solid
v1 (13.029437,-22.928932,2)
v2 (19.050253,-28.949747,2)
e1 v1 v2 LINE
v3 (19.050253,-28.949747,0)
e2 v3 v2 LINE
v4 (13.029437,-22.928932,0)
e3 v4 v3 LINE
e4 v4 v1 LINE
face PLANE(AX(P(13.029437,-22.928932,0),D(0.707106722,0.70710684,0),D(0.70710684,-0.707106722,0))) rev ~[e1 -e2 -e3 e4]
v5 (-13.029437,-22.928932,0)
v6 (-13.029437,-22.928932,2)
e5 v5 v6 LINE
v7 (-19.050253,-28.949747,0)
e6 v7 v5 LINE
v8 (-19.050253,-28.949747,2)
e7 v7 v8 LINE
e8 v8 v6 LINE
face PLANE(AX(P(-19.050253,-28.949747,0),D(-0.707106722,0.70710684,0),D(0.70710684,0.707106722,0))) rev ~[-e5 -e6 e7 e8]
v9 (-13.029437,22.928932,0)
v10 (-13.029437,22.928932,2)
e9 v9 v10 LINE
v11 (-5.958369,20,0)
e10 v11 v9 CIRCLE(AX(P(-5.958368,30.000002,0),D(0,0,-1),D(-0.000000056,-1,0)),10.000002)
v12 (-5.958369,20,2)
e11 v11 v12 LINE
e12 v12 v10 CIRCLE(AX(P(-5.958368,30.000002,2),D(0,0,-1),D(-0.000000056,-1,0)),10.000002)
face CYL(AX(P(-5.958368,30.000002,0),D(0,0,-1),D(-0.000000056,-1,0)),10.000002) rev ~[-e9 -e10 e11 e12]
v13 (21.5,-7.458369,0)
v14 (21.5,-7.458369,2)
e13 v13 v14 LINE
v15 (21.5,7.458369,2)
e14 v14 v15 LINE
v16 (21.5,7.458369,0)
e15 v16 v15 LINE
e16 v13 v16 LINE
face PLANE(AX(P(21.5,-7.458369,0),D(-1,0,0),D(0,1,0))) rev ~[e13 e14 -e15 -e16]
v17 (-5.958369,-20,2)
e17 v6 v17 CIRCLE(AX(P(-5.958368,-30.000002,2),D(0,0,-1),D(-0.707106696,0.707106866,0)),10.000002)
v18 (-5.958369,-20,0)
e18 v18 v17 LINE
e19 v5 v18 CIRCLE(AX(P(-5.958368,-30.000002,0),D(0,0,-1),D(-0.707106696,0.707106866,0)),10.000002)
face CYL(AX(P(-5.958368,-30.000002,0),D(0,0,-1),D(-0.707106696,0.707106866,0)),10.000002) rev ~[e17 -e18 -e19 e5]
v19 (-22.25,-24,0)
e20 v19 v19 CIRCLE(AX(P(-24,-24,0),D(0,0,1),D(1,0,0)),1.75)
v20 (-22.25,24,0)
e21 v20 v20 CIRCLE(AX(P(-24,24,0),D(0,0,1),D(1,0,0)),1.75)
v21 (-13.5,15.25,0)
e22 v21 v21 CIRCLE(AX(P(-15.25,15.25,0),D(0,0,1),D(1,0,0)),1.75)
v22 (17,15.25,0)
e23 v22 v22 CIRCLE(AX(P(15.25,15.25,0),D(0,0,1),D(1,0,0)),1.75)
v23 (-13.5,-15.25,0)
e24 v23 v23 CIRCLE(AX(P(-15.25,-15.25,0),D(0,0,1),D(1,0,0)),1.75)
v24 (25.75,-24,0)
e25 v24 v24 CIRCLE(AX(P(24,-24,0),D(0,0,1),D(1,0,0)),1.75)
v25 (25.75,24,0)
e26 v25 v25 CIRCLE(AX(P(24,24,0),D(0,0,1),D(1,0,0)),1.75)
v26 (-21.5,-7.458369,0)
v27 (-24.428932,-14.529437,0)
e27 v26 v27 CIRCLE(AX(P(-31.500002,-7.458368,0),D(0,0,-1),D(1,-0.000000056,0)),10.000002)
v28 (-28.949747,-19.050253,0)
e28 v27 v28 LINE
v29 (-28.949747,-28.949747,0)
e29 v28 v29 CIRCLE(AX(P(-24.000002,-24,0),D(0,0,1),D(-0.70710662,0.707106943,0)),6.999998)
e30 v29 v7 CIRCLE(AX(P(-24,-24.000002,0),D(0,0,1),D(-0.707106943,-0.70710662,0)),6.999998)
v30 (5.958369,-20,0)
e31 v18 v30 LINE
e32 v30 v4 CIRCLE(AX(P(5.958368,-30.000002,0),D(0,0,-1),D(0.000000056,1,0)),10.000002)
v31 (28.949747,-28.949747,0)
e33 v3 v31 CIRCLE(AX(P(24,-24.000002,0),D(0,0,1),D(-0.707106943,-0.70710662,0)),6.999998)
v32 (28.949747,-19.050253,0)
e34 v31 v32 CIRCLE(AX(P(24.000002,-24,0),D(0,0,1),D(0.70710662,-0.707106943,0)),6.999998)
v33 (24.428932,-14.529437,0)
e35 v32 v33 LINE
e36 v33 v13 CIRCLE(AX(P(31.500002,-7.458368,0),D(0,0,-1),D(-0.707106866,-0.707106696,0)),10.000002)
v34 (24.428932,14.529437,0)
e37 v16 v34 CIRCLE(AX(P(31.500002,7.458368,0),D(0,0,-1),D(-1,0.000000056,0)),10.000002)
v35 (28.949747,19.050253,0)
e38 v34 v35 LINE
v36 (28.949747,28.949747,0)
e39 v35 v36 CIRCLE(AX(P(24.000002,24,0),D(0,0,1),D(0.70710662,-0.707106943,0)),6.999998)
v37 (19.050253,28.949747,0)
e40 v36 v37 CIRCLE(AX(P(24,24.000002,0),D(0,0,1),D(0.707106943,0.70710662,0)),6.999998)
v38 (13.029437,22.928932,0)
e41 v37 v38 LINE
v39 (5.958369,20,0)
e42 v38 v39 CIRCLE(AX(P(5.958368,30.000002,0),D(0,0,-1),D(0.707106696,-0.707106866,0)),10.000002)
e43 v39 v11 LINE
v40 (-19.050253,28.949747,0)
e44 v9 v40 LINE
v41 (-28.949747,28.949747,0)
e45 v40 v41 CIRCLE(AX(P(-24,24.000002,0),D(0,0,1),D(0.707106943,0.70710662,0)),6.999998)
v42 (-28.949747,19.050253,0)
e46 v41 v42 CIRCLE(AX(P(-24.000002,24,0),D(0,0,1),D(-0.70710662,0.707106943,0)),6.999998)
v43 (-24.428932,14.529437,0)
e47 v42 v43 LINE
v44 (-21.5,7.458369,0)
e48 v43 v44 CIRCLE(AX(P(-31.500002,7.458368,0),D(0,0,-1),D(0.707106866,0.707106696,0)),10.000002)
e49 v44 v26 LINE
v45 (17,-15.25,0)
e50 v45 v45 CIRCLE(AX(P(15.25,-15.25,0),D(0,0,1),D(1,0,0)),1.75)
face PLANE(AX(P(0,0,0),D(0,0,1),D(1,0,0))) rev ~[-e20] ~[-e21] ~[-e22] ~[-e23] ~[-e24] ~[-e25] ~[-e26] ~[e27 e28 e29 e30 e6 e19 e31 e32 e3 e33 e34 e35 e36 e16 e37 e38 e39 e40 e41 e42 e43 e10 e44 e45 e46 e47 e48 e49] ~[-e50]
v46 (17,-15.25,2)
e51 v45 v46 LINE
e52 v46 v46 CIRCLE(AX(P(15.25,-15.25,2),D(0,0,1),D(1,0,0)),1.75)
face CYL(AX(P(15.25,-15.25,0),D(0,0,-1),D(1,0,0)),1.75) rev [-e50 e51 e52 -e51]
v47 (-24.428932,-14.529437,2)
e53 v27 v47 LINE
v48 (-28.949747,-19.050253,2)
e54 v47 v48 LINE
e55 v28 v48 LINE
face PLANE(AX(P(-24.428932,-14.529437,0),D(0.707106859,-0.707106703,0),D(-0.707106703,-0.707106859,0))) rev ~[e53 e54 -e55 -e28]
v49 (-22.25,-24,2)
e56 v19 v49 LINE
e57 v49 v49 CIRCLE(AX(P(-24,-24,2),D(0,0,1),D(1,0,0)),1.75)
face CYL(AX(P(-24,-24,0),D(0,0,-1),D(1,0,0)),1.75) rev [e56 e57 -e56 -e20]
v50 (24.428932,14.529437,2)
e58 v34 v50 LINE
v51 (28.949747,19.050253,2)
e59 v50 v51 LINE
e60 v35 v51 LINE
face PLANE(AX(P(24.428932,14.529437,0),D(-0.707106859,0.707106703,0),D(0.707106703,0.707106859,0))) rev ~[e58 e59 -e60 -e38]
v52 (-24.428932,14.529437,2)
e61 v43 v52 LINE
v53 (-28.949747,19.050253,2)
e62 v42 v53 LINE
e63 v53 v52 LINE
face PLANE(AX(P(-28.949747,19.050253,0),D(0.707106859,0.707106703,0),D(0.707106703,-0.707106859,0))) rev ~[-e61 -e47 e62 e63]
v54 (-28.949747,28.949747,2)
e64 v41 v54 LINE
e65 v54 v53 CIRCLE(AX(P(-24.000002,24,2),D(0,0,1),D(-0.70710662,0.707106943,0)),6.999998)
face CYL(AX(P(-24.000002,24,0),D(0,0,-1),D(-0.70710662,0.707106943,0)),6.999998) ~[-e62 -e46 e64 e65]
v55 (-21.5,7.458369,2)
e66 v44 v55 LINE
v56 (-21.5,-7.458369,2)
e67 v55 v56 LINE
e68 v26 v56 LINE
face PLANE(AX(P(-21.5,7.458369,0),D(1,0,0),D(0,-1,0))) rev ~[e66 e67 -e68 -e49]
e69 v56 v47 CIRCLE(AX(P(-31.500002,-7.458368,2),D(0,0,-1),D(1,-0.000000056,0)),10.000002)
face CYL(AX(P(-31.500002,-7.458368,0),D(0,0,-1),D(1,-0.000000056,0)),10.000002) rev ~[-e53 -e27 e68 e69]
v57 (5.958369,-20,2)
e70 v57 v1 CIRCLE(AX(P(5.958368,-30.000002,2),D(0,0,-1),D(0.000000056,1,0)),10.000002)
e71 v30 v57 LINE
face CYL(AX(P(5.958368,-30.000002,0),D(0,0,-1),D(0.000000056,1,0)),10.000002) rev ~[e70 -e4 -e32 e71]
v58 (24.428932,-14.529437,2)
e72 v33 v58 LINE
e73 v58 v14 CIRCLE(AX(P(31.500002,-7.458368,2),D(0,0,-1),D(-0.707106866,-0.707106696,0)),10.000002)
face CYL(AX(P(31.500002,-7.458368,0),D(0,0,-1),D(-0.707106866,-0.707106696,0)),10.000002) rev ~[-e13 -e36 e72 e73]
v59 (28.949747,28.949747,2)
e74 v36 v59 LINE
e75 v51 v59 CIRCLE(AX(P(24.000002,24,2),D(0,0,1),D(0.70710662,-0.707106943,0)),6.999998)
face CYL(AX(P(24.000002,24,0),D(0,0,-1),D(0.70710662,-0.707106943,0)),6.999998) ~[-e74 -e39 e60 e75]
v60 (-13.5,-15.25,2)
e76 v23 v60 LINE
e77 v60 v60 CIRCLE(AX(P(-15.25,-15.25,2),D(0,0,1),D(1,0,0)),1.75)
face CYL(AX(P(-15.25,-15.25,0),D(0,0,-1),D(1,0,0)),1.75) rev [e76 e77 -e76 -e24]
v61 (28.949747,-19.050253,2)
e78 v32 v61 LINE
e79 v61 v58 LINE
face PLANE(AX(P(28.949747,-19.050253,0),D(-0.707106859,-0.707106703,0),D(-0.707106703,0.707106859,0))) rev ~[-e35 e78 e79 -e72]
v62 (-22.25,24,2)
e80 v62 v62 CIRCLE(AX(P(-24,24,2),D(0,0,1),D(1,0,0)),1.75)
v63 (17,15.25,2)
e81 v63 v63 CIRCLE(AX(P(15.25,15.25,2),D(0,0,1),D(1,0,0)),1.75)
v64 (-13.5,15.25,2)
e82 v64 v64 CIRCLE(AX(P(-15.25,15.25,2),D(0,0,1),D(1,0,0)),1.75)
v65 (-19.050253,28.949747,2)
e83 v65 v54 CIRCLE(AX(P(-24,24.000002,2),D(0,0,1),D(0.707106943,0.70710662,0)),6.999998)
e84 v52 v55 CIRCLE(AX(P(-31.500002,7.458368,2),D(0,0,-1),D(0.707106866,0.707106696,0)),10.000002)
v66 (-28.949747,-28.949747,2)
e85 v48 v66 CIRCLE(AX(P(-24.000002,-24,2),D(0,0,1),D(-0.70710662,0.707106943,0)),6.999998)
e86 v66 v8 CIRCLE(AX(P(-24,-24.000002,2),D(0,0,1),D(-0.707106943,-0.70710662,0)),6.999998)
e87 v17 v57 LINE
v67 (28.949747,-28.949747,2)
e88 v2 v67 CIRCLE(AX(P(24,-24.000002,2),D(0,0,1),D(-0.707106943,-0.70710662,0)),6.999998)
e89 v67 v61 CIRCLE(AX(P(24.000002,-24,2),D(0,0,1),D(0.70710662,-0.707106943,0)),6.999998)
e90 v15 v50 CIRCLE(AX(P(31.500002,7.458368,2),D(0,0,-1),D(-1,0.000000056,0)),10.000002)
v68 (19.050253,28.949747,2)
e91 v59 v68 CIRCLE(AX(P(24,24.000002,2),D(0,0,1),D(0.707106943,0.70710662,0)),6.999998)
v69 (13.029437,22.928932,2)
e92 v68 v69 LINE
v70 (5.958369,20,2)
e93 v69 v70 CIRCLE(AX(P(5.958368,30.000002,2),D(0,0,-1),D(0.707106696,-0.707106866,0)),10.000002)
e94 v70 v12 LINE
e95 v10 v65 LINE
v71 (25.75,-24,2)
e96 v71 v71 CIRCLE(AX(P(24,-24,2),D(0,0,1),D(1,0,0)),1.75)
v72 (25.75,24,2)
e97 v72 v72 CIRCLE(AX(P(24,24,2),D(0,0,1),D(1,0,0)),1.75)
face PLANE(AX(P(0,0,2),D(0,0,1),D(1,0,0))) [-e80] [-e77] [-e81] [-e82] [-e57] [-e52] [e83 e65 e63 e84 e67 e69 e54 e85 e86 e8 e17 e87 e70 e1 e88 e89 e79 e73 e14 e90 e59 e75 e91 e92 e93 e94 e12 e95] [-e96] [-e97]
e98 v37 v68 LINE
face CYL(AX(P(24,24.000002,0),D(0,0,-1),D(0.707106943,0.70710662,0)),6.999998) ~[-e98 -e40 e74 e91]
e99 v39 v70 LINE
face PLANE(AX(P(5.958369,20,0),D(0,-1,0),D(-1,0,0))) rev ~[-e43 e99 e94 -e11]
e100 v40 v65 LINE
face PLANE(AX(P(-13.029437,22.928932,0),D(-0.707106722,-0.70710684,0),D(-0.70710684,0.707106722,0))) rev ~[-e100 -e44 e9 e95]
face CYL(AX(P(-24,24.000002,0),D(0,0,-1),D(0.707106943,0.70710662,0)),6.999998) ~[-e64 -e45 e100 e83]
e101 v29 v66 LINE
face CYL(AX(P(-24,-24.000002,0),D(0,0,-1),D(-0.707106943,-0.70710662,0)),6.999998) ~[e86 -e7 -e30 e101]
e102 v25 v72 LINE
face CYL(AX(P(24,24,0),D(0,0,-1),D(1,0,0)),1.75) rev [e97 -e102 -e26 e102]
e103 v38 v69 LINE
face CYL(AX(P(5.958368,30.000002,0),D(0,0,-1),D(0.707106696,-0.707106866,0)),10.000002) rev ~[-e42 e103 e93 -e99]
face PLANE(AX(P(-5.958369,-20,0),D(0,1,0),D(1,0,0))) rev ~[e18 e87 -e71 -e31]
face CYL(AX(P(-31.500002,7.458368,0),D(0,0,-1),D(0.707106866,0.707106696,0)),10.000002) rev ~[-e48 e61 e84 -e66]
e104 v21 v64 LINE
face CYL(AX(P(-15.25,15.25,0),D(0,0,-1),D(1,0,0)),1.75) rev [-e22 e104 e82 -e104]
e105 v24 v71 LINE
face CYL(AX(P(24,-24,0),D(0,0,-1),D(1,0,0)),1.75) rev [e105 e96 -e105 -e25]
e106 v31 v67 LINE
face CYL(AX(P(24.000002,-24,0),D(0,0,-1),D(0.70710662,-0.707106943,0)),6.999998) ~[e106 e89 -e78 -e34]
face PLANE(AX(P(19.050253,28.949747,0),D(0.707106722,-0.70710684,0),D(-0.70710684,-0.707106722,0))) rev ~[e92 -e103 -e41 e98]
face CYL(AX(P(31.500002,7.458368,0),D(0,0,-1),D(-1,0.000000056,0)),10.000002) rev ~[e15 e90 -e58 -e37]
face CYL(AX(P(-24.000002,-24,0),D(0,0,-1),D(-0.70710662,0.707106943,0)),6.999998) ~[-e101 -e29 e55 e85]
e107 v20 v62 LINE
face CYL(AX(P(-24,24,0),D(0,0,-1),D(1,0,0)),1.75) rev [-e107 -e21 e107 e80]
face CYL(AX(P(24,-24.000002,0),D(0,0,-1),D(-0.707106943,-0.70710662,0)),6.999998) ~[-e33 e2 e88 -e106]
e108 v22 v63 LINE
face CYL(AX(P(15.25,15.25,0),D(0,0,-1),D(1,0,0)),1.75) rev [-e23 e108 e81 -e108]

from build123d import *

# Parameters (mm, degrees)
F0_R     = 1.75
F1_DEPTH = 2


with BuildPart() as f1:
    # F0 (on Top) → F1 (new body)
    with BuildSketch(Plane.XY):
        with BuildLine():
            ThreePointArc((-28.949747, 28.949747), (-31, 24), (-28.949747, 19.050253))
            Line((-28.949747, 19.050253), (-24.428932, 14.529437))
            ThreePointArc((-24.428932, 14.529437), (-22.261205, 11.285204), (-21.5, 7.458369))
            Line((-21.5, 7.458369), (-21.5, 0))
            Line((-21.5, 0), (-21.5, -7.458369))
            ThreePointArc((-21.5, -7.458369), (-22.261205, -11.285204), (-24.428932, -14.529437))
            Line((-24.428932, -14.529437), (-28.949747, -19.050253))
            ThreePointArc((-28.949747, -19.050253), (-31, -24), (-28.949747, -28.949747))
            ThreePointArc((-28.949747, -28.949747), (-24, -31), (-19.050253, -28.949747))
            Line((-19.050253, -28.949747), (-13.029437, -22.928932))
            ThreePointArc((-13.029437, -22.928932), (-9.785204, -20.761205), (-5.958369, -20))
            Line((-5.958369, -20), (0, -20))
            Line((0, -20), (5.958369, -20))
            ThreePointArc((5.958369, -20), (9.785204, -20.761205), (13.029437, -22.928932))
            Line((13.029437, -22.928932), (19.050253, -28.949747))
            ThreePointArc((19.050253, -28.949747), (24, -31), (28.949747, -28.949747))
            ThreePointArc((28.949747, -28.949747), (31, -24), (28.949747, -19.050253))
            Line((28.949747, -19.050253), (24.428932, -14.529437))
            ThreePointArc((24.428932, -14.529437), (22.261205, -11.285204), (21.5, -7.458369))
            Line((21.5, -7.458369), (21.5, 0))
            Line((21.5, 0), (21.5, 7.458369))
            ThreePointArc((21.5, 7.458369), (22.261205, 11.285204), (24.428932, 14.529437))
            Line((24.428932, 14.529437), (28.949747, 19.050253))
            ThreePointArc((28.949747, 19.050253), (31, 24), (28.949747, 28.949747))
            ThreePointArc((28.949747, 28.949747), (24, 31), (19.050253, 28.949747))
            Line((19.050253, 28.949747), (13.029437, 22.928932))
            ThreePointArc((13.029437, 22.928932), (9.785204, 20.761205), (5.958369, 20))
            Line((5.958369, 20), (0, 20))
            Line((0, 20), (-5.958369, 20))
            ThreePointArc((-5.958369, 20), (-9.785204, 20.761205), (-13.029437, 22.928932))
            Line((-13.029437, 22.928932), (-19.050253, 28.949747))
            ThreePointArc((-19.050253, 28.949747), (-24, 31), (-28.949747, 28.949747))
        make_face()
        with Locations((-24, -24)):
            Circle(F0_R, mode=Mode.SUBTRACT)
        with Locations((-15.25, -15.25)):
            Circle(F0_R, mode=Mode.SUBTRACT)
        with Locations((24, -24)):
            Circle(F0_R, mode=Mode.SUBTRACT)
        with Locations((15.25, -15.25)):
            Circle(F0_R, mode=Mode.SUBTRACT)
        with Locations((-15.25, 15.25)):
            Circle(F0_R, mode=Mode.SUBTRACT)
        with Locations((-24, 24)):
            Circle(F0_R, mode=Mode.SUBTRACT)
        with Locations((15.25, 15.25)):
            Circle(F0_R, mode=Mode.SUBTRACT)
        with Locations((24, 24)):
            Circle(F0_R, mode=Mode.SUBTRACT)
    extrude(amount=F1_DEPTH)


solid = f1.part
